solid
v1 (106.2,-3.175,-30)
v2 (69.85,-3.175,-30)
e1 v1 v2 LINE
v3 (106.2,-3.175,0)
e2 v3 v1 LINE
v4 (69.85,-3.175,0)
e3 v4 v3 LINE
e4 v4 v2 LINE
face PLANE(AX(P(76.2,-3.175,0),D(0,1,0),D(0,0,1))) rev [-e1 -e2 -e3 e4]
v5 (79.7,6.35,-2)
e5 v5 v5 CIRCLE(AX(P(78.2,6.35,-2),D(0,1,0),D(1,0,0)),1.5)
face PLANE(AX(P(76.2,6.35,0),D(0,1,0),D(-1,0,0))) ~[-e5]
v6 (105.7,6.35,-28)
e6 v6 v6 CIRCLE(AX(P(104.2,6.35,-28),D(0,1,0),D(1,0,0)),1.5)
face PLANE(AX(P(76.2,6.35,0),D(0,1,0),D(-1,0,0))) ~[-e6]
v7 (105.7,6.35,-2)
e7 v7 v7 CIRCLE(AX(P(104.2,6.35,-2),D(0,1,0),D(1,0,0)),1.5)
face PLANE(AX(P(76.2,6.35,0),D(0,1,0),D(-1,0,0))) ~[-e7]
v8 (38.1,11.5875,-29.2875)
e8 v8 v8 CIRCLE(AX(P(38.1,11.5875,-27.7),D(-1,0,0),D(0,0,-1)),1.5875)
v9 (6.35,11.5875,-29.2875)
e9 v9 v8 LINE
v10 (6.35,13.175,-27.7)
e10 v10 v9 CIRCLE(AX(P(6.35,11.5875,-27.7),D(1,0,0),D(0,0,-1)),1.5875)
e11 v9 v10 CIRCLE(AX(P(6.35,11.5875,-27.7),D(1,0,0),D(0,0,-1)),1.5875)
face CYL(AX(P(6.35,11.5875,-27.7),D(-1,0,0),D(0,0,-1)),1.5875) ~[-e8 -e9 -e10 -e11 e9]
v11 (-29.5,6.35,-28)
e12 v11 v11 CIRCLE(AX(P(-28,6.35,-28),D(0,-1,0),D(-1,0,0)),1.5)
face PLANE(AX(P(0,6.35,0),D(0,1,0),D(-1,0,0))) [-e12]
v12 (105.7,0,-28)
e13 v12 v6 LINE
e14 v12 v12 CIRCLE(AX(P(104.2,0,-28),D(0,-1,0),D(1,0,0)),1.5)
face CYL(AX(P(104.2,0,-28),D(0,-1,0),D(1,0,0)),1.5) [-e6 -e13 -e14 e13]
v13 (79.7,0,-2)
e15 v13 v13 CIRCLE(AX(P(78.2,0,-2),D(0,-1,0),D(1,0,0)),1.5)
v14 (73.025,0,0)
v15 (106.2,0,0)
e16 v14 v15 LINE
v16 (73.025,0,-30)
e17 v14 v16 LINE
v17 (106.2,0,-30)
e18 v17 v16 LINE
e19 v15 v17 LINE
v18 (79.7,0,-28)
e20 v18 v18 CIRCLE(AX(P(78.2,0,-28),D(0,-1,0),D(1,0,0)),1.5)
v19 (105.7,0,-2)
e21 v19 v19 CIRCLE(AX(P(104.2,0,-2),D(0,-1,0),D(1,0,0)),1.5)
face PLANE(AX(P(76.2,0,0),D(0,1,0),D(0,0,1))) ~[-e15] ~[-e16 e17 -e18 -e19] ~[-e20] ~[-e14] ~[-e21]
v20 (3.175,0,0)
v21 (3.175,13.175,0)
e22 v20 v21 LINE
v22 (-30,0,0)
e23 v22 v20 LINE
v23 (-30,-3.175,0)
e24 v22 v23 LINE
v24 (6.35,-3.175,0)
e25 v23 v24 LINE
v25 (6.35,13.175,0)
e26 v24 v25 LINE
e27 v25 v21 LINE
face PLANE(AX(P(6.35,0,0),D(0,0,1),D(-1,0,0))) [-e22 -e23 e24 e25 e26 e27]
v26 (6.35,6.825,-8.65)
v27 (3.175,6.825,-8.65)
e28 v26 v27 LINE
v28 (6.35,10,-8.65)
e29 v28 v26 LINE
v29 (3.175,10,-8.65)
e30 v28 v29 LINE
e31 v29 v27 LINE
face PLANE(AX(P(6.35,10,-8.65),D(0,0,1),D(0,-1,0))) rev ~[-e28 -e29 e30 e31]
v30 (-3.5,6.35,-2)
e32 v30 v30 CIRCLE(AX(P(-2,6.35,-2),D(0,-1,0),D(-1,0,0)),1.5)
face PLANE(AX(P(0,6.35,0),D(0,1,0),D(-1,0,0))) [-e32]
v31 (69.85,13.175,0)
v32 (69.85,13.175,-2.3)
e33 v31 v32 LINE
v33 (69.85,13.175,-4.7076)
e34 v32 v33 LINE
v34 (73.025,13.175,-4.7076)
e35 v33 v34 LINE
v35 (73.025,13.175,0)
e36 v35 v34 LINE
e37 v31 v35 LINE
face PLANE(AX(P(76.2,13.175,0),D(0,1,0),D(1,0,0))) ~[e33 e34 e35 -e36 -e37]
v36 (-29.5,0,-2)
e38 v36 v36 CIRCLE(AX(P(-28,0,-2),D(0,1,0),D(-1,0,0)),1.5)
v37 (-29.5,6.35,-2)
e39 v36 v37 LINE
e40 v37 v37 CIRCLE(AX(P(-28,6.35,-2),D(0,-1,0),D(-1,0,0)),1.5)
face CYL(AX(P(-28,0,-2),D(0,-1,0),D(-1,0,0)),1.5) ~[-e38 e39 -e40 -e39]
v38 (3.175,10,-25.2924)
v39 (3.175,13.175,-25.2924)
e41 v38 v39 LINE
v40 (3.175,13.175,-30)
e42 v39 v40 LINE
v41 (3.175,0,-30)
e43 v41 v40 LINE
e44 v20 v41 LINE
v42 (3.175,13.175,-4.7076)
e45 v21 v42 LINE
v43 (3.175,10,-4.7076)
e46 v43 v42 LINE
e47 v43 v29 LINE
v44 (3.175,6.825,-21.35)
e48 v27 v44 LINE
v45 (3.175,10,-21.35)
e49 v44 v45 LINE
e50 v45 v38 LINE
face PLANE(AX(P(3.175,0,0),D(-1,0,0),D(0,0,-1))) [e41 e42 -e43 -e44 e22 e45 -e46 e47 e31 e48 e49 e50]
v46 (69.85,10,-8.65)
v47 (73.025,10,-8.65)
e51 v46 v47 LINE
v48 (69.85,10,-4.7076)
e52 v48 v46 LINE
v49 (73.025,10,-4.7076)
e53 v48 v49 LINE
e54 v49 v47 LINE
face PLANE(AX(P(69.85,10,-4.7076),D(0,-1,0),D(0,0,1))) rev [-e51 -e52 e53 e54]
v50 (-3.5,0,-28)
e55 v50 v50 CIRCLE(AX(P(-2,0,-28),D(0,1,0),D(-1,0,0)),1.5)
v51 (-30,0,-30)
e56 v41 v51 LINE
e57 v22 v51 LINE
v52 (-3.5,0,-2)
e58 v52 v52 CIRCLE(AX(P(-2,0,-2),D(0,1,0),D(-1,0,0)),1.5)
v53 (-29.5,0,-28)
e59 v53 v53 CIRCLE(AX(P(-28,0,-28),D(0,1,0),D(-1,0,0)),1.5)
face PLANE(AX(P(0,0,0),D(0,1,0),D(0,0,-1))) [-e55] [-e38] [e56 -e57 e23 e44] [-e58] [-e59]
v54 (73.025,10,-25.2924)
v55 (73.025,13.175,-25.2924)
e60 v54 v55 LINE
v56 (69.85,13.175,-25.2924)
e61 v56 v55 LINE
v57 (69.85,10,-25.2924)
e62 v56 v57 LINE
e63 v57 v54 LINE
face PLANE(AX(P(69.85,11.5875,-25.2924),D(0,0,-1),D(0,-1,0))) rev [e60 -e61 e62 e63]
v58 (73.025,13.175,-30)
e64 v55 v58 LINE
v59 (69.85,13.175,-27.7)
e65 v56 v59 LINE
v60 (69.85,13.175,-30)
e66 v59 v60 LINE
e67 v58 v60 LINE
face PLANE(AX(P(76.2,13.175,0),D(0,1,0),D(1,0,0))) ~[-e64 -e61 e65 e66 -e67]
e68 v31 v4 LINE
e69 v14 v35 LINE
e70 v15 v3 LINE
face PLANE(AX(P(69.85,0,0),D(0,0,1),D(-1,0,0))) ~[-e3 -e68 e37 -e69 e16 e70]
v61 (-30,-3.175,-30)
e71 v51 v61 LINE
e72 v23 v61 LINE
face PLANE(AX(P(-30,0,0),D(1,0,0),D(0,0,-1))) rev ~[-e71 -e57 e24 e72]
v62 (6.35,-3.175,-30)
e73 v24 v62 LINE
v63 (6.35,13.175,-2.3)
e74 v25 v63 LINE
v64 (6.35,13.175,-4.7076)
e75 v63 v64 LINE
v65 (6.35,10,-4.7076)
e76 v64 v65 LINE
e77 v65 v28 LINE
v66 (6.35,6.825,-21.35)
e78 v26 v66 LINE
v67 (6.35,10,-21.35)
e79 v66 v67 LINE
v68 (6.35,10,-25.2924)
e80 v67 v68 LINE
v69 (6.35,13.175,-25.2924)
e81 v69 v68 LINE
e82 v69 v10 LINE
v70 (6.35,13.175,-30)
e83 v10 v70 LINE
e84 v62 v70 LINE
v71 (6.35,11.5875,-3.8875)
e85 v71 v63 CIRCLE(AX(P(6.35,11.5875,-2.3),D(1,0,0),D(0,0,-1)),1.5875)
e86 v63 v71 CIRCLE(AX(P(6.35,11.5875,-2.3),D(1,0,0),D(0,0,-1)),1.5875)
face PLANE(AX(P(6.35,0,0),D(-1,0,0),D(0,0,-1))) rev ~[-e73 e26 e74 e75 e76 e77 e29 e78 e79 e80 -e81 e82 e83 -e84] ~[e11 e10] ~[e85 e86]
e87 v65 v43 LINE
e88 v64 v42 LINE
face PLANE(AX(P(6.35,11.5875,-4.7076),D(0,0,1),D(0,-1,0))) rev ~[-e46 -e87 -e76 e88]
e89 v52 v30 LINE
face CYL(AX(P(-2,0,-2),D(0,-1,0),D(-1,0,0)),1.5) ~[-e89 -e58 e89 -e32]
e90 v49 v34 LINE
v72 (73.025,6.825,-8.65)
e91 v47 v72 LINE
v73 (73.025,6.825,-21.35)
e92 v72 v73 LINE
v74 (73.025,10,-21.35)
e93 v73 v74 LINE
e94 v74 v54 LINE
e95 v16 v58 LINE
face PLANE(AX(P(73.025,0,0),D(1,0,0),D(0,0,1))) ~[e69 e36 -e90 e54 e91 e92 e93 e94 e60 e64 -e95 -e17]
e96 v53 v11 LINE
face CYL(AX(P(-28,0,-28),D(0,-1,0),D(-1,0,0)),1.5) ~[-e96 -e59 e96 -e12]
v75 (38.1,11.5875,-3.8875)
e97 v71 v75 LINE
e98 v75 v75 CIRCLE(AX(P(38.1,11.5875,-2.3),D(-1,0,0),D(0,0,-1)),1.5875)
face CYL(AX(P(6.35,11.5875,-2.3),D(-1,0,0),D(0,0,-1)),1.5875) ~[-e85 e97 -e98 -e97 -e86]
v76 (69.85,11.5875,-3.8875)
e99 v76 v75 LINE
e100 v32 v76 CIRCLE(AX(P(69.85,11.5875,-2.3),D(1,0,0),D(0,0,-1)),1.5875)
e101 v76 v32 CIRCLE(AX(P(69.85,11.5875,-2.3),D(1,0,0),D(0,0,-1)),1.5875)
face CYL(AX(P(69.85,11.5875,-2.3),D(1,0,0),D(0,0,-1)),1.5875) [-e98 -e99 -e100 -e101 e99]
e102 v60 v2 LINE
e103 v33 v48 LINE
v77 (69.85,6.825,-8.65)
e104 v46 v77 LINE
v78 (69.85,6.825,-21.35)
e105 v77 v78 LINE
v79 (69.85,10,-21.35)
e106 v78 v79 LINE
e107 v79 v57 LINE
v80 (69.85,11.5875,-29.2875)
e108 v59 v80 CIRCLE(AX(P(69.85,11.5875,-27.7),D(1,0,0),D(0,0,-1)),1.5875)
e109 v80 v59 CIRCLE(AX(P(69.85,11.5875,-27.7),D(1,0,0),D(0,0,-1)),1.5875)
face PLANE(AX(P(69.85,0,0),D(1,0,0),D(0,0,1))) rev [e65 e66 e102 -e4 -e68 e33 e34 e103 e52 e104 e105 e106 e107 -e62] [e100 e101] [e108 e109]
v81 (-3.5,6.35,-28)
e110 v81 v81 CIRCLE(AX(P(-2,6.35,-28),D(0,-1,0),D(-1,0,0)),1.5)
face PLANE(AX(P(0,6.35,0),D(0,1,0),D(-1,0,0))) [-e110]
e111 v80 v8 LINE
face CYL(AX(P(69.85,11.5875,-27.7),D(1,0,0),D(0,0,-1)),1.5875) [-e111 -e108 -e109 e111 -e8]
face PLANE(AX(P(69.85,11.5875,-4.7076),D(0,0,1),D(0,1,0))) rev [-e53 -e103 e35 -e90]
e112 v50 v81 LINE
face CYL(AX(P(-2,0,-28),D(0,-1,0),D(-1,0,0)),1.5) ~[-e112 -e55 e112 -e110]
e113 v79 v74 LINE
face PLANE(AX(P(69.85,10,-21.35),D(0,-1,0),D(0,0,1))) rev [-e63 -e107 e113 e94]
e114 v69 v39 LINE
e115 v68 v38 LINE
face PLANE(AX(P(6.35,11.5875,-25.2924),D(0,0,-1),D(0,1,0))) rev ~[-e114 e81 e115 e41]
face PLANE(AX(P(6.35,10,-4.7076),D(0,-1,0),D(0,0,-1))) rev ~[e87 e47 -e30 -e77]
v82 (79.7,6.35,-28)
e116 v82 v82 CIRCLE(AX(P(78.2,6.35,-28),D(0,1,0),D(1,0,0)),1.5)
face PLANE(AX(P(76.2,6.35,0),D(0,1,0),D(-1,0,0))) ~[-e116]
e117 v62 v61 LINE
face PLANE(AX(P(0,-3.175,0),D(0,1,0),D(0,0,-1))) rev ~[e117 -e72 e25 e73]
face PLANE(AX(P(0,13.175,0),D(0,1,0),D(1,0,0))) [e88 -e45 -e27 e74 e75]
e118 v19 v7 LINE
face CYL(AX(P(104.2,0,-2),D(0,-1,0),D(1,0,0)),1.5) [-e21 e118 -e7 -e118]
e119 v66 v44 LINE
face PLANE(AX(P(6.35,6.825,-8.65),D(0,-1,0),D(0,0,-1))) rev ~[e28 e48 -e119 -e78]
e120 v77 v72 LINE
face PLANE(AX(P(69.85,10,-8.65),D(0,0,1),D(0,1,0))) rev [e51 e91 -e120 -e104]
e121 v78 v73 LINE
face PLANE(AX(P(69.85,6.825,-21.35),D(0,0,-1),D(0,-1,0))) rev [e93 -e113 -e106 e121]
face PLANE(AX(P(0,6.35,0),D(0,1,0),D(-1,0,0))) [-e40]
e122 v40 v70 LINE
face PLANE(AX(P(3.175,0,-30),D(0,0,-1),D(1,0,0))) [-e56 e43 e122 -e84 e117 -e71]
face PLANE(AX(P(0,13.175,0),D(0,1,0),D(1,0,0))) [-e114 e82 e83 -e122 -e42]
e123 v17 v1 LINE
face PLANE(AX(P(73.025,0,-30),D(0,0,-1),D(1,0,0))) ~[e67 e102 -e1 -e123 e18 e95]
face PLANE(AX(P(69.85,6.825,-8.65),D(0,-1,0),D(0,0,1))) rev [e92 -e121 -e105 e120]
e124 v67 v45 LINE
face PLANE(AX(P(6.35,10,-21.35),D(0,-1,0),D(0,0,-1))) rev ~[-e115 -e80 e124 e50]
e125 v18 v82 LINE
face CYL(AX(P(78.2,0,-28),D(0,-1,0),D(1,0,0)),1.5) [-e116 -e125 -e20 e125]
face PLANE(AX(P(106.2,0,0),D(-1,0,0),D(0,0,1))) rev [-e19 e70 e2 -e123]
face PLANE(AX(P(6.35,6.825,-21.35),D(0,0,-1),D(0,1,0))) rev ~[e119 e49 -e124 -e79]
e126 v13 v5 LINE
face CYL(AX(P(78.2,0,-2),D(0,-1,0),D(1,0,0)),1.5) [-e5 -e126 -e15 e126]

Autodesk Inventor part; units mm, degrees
ref_plane "YZ Plane" through (0, 0, 0) normal (1, 0, 0) x (0, 1, 0)
ref_plane "XZ Plane" through (0, 0, 0) normal (0, 1, 0) x (-1, 0, 0)
ref_plane "XY Plane" through (0, 0, 0) normal (0, 0, 1) x (1, 0, 0)
sketch "Sketch1" plane through (0, 0, 0) normal (0, 1, 0) x (-1, 0, 0)
  line L0 (0, 0) -> (30, 0)
  line L1 (30, 0) -> (30, -30)
  line L2 (30, -30) -> (0, -30)
  line L3 (0, -30) -> (0, 0)
  line L4 (28, -2) -> (2, -2)
  line L5 (2, -2) -> (2, -28)
  line L6 (2, -28) -> (28, -28)
  line L7 (28, -28) -> (28, -2)
  line L8 (28, -2) -> (2, -28) construction
  line L9 (2, -2) -> (28, -28) construction
  circle A0 centre (28, -2) radius 1.5
  circle A1 centre (28, -28) radius 1.5
  circle A2 centre (2, -2) radius 1.5
  circle A3 centre (2, -28) radius 1.5
  point P0 (15, -15)
  dimension "d0" = 30
  dimension "d1" = 30
  dimension "d2" = 26
  dimension "d3" = 26
  dimension "d4" = 3
  dimension "d7" = 26
  dimension "d10" = 26
extrude "Extrusion1" add sketch "Sketch1" against normal blind 3.175 contours L0 L1 L2 L3 | A2 L5 L4 | L4 L5 A2 | L4 A0 L7 A1 L6 A3 L5 A2 | A0 L7 L4 | L4 L7 A0 | A3 L6 L5 | L5 L6 A3 | A1 L6 L7 | L7 L6 A1
extrude "Extrusion2" add sketch "Sketch1" along normal blind 6.35 contours A2 L5 L4 | L4 L5 A2 | A0 L7 L4 | L4 L7 A0 | A3 L6 L5 | L5 L6 A3 | A1 L6 L7 | L7 L6 A1
sketch "Sketch2" plane through (0, 0, 0) normal (1, 0, 0) x (0, 0, -1)
  line L0 (0, 0) -> (0, -3.175) projected
  line L1 (0, 0) -> (30, 0) projected
  line L2 (0, -3.175) -> (30, -3.175)
  line L3 (30, -3.175) -> (30, 0)
  line L4 (30, 0) -> (0, 0)
  line L5 (0, 0) -> (0, -3.175)
extrude "Extrusion3" add sketch "Sketch2" along normal blind 6.35
sketch "Sketch3" plane through (0, 0, 0) normal (0, 1, 0) x (1, 0, 0)
  line L0 (6.35, 0) -> (6.35, 30) projected
  line L1 (-30, 30) -> (6.35, 30) projected
  line L2 (6.35, 0) -> (3.175, 0)
  line L3 (3.175, 0) -> (3.175, 30)
  line L4 (3.175, 30) -> (6.35, 30)
  line L5 (6.35, 30) -> (6.35, 0)
  point P0 (0, 0)
  dimension "d19" = 3.175
extrude "Extrusion4" add sketch "Sketch3" along normal blind 13.175
sketch "Sketch4" plane through (6.35, 0, 0) normal (1, 0, 0) x (0, 0, -1)
  line L0 (30, 13.175) -> (0, 13.175) projected
  line L1 (30, 0) -> (30, 13.175) projected
  line L2 (0, 13.175) -> (30, 13.175)
  line L3 (15, 13.175) -> (15, 11.5875)
  line L4 (15, 11.5875) -> (27.7, 11.5875)
  line L5 (27.7, 11.5875) -> (2.3, 11.5875)
  circle A0 centre (2.3, 11.5875) radius 1.5875
  circle A1 centre (27.7, 11.5875) radius 1.5875
  line L6 (4.7076, 10) -> (25.2924, 10)
  line L7 (25.2924, 10) -> (25.2924, 13.175)
  line L8 (25.2924, 13.175) -> (4.7076, 13.175)
  line L9 (4.7076, 13.175) -> (4.7076, 10)
  line L10 (4.7076, 10) -> (25.2924, 13.175) construction
  line L11 (25.2924, 10) -> (4.7076, 13.175) construction
  line L12 (8.65, 6.825) -> (21.35, 6.825)
  line L13 (21.35, 6.825) -> (21.35, 13.175)
  line L14 (21.35, 13.175) -> (8.65, 13.175)
  line L15 (8.65, 13.175) -> (8.65, 6.825)
  line L16 (8.65, 6.825) -> (21.35, 13.175) construction
  line L17 (21.35, 6.825) -> (8.65, 13.175) construction
  point P0 (0, 0)
  point P1 (15, 10)
  point P2 (21.35, 10)
  point P3 (8.65, 10)
  dimension "d22" = 1.5875
  dimension "d23" = 12.7
  dimension "d24" = 90
  dimension "d25" = 25.4
  dimension "d26" = 3.175
  dimension "d27" = 3.175
extrude "Extrusion5" add sketch "Sketch4" along normal blind 31.75 contours A1 | A0
extrude "Extrusion6" cut sketch "Sketch4" against normal blind 3.175 contours L7 L4 L13 L0 | L13 L4 L3 L0 | L7 L6 L13 L4 | L3 L5 L15 L0 | L13 L6 L15 L5 L4 | L15 L5 L9 L0 | L13 L12 L15 L6 | L15 L6 L9 L5
mirror "Mirror1" about plane through (38.1, 11.5875, -27.7) normal (1, 0, 0) of "Extrusion1", "Extrusion2", "Extrusion3", "Extrusion4", "Extrusion5", "Extrusion6"
properties part number "CDSAXS-Capillary-Frame-For2Sensors"
